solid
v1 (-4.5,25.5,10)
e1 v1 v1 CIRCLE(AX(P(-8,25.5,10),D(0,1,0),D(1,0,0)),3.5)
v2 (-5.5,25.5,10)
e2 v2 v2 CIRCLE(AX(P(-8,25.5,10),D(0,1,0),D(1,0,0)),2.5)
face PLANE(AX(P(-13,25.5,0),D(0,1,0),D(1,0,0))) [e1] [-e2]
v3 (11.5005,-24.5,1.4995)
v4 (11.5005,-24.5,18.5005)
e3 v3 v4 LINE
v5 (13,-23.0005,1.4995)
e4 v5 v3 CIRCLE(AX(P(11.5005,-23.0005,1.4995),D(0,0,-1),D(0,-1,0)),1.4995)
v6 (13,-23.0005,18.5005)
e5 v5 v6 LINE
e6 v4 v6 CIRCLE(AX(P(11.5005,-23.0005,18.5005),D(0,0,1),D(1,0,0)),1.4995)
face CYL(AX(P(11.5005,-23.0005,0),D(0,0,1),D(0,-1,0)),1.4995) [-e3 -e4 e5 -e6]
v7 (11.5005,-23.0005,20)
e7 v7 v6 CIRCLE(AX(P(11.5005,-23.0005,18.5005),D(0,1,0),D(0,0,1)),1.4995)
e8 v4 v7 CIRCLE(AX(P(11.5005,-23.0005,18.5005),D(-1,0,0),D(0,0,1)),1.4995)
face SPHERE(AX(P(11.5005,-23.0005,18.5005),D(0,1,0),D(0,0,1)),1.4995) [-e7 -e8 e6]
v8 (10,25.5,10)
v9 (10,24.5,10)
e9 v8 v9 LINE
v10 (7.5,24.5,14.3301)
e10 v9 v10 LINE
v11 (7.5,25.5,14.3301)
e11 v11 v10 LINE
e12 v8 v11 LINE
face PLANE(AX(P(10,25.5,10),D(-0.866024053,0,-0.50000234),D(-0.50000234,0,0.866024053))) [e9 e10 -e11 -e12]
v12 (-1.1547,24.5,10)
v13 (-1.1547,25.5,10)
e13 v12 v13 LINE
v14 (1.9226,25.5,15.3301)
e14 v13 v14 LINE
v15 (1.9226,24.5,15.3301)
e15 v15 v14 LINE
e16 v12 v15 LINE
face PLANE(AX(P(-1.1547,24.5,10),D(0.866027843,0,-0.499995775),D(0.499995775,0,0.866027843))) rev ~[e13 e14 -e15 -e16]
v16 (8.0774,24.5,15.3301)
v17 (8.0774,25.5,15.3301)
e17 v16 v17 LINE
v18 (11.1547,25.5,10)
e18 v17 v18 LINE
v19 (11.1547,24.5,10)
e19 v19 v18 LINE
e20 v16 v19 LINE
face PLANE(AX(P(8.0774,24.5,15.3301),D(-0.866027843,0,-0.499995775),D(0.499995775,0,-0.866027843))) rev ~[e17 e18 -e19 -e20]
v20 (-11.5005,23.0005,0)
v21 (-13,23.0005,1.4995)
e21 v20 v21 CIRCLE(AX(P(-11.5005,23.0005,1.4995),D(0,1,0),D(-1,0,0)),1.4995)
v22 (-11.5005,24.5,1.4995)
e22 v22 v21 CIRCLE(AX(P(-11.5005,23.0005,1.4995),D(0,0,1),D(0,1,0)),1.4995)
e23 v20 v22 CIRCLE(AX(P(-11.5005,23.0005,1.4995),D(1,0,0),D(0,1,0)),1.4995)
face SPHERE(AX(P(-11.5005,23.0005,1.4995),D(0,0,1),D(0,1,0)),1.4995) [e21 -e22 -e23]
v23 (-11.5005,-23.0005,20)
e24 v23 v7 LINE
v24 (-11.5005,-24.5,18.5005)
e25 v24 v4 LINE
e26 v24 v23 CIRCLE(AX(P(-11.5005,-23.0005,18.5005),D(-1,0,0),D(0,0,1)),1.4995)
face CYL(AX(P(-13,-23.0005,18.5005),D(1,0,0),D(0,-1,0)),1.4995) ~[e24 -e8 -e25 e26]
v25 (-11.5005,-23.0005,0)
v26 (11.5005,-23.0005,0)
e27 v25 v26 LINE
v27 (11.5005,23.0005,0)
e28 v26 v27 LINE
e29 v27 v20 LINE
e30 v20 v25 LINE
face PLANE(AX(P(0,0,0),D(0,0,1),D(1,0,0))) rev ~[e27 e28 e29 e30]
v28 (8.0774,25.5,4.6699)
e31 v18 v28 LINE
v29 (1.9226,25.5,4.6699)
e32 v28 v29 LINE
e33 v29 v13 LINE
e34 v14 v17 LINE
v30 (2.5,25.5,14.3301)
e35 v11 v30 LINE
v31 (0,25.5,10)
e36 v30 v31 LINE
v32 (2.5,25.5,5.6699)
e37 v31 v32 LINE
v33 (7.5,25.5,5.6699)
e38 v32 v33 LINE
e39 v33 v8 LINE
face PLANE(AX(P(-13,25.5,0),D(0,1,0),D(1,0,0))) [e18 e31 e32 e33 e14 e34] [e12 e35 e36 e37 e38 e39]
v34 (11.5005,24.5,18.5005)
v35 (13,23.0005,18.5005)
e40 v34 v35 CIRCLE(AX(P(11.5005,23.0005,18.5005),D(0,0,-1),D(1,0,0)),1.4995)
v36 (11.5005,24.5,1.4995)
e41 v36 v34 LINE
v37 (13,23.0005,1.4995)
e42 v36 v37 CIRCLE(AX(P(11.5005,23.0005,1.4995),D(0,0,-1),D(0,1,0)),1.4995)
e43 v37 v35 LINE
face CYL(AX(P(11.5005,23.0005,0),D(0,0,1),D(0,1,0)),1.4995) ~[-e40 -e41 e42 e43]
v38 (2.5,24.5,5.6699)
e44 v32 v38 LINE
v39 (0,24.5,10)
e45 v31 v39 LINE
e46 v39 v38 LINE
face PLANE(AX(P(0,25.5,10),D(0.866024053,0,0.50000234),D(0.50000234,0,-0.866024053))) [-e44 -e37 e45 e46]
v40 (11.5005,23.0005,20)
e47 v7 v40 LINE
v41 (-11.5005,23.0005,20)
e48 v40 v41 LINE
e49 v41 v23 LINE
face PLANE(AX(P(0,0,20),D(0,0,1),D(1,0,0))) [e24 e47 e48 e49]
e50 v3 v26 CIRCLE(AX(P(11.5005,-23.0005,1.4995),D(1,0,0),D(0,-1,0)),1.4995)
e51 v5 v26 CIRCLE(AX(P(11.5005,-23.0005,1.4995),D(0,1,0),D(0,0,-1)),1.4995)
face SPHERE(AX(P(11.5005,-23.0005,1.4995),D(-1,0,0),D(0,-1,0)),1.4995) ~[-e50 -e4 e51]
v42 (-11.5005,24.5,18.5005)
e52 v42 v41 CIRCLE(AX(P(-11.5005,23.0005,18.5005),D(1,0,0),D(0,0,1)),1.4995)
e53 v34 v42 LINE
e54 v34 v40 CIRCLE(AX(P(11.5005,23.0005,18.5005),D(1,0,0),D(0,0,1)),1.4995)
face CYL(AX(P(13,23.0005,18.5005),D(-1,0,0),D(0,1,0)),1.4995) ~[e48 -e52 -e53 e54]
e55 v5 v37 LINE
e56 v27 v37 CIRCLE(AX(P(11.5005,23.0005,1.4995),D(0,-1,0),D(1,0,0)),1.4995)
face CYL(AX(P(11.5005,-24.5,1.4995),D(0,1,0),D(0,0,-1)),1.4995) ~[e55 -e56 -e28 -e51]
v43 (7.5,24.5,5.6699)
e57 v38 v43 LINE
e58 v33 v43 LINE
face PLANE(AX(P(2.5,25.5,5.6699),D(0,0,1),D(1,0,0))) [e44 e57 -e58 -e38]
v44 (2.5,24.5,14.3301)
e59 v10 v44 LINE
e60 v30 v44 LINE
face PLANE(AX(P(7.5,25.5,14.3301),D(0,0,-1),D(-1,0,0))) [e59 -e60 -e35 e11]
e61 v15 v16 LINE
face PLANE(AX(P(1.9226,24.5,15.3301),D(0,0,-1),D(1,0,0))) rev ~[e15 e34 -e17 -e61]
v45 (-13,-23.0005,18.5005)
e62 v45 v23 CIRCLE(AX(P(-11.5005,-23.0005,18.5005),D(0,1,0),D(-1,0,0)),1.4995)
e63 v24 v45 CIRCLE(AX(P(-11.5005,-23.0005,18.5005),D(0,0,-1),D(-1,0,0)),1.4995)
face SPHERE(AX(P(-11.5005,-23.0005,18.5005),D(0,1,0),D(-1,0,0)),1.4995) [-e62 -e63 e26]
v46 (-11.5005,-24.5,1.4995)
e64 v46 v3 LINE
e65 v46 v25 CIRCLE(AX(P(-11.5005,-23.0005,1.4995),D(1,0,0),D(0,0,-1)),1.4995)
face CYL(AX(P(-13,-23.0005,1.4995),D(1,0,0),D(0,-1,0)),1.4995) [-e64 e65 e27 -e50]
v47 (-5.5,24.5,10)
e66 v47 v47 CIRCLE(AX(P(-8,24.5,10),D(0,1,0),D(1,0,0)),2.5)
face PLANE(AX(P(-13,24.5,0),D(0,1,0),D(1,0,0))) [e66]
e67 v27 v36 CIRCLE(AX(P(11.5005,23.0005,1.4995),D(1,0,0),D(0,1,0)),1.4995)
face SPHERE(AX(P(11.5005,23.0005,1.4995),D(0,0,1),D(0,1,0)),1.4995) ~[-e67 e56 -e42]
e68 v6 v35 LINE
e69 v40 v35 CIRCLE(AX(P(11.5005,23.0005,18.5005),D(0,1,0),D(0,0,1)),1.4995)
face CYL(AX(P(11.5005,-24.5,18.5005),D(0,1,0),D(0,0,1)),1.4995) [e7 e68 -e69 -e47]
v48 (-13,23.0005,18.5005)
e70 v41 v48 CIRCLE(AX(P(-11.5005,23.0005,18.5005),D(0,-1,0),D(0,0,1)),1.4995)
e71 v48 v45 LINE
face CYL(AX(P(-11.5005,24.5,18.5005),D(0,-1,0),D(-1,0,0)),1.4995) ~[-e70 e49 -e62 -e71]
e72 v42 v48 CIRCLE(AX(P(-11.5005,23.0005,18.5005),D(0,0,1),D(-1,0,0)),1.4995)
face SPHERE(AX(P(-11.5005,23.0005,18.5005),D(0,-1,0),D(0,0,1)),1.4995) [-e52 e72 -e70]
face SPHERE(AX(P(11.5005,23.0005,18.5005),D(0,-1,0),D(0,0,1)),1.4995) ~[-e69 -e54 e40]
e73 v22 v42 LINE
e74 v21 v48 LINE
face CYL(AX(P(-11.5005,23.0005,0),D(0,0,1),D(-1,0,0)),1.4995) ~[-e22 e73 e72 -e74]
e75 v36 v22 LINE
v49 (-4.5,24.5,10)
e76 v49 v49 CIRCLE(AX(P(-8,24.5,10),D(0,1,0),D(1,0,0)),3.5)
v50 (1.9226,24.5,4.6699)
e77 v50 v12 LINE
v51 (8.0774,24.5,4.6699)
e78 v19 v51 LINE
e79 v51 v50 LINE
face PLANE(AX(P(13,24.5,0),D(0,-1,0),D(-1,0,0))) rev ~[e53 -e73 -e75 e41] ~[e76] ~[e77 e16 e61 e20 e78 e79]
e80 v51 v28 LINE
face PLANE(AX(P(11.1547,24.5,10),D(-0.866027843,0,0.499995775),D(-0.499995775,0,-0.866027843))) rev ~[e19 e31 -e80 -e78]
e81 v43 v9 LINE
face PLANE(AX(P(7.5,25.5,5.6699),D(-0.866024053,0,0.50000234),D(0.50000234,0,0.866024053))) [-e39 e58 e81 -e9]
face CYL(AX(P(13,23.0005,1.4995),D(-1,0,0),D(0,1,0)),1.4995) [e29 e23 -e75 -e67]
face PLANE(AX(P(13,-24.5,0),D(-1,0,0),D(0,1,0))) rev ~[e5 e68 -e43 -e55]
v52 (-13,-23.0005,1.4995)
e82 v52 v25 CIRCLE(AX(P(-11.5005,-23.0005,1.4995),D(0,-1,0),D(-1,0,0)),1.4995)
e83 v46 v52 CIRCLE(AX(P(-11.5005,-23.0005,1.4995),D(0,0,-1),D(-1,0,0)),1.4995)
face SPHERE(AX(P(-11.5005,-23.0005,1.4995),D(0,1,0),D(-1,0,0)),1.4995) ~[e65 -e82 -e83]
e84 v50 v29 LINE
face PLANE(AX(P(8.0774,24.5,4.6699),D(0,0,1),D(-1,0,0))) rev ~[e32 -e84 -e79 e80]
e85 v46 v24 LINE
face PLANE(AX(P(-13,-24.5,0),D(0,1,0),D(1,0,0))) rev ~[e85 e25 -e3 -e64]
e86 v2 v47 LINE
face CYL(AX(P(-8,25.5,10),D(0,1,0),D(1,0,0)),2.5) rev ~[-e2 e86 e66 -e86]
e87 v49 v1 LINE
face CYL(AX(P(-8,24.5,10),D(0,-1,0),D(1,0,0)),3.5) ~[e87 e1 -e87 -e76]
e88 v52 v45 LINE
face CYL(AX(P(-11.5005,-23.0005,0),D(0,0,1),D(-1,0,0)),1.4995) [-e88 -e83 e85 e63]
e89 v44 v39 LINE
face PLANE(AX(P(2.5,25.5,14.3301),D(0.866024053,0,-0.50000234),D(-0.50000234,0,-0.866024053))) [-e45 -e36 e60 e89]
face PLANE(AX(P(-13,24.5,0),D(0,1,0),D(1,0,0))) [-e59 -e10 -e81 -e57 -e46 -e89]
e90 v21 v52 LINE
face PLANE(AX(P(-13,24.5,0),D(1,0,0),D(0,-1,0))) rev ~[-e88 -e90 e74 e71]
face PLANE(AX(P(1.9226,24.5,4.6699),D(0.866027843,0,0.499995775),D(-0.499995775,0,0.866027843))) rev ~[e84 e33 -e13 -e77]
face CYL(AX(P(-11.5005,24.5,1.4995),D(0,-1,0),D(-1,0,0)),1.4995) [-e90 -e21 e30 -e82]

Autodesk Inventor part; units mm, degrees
ref_plane "YZ Plane" through (0, 0, 0) normal (1, 0, 0) x (0, 1, 0)
ref_plane "XZ Plane" through (0, 0, 0) normal (0, 1, 0) x (-1, 0, 0)
ref_plane "XY Plane" through (0, 0, 0) normal (0, 0, 1) x (1, 0, 0)
sketch "Esboço1" plane through (0, 0, 0) normal (0, 0, 1) x (1, 0, 0)
  line L0 (-13, -24.5) -> (13, -24.5)
  line L1 (13, -24.5) -> (13, 24.5)
  line L2 (13, 24.5) -> (-13, 24.5)
  line L3 (-13, 24.5) -> (-13, -24.5)
  line L4 (-13, -24.5) -> (13, 24.5) construction
  line L5 (13, -24.5) -> (-13, 24.5) construction
  point P0 (0, 0)
  dimension "d0" = 49
  dimension "d1" = 26
extrude "Extrusão1" add sketch "Esboço1" along normal blind 20
sketch "Esboço2" plane through (-13, 24.5, 0) normal (0, 1, 0) x (1, 0, 0)
  circle A0 centre (5, -10) radius 2.5
  line L0 (26, 0) -> (0, 0) projected
  line L1 (0, 0) -> (0, -20) projected
  line L2 (26, -20) -> (0, -20) projected
  line L3 (26, 0) -> (26, -20) projected
  line L4 (20.5, -14.3301) -> (15.5, -14.3301)
  line L5 (15.5, -14.3301) -> (13, -10)
  line L6 (13, -10) -> (15.5, -5.6699)
  line L7 (15.5, -5.6699) -> (20.5, -5.6699)
  line L8 (20.5, -5.6699) -> (23, -10)
  line L9 (23, -10) -> (20.5, -14.3301)
  circle A1 centre (5, -10) radius 3.5
  line L10 (14.9226, -4.6699) -> (11.8453, -10)
  line L11 (11.8453, -10) -> (14.9226, -15.3301)
  line L12 (14.9226, -15.3301) -> (21.0774, -15.3301)
  line L13 (21.0774, -15.3301) -> (24.1547, -10)
  line L14 (24.1547, -10) -> (21.0774, -4.6699)
  line L15 (21.0774, -4.6699) -> (14.9226, -4.6699)
  point P0 (13, 0)
  point P1 (18, -10)
  dimension "d5" = 5
  dimension "d7" = 5
  dimension "d8" = 5
  dimension "d9" = 13
  dimension "d10" = 10
  dimension "d11" = 10
  dimension "d12" = 5
  dimension "d13" = 1
  dimension "d14" = 1
extrude "Extrusão2" add sketch "Esboço2" along normal blind 1 contours A0 | L4 L5 L6 L7 L8 L9 | A1 | L15 L14 L13 L12 L11 L10
extrude "Extrusão3" cut sketch "Esboço2" against normal blind 1 from surface at 1 contours A0 | L4 L5 L6 L7 L8 L9
fillet "Arredondamento1" radius 1.5 12 edges at (-13, 0, 20) (13, 0, 20) (0, 24.5, 20) (13, 24.5, 10) (-13, 24.5, 10) (0, 24.5, 0) (-13, 0, 0) (-13, -24.5, 10) (0, -24.5, 20) (0, -24.5, 0) (13, -24.5, 10) (13, 0, 0)
properties part number "bateria IC"
